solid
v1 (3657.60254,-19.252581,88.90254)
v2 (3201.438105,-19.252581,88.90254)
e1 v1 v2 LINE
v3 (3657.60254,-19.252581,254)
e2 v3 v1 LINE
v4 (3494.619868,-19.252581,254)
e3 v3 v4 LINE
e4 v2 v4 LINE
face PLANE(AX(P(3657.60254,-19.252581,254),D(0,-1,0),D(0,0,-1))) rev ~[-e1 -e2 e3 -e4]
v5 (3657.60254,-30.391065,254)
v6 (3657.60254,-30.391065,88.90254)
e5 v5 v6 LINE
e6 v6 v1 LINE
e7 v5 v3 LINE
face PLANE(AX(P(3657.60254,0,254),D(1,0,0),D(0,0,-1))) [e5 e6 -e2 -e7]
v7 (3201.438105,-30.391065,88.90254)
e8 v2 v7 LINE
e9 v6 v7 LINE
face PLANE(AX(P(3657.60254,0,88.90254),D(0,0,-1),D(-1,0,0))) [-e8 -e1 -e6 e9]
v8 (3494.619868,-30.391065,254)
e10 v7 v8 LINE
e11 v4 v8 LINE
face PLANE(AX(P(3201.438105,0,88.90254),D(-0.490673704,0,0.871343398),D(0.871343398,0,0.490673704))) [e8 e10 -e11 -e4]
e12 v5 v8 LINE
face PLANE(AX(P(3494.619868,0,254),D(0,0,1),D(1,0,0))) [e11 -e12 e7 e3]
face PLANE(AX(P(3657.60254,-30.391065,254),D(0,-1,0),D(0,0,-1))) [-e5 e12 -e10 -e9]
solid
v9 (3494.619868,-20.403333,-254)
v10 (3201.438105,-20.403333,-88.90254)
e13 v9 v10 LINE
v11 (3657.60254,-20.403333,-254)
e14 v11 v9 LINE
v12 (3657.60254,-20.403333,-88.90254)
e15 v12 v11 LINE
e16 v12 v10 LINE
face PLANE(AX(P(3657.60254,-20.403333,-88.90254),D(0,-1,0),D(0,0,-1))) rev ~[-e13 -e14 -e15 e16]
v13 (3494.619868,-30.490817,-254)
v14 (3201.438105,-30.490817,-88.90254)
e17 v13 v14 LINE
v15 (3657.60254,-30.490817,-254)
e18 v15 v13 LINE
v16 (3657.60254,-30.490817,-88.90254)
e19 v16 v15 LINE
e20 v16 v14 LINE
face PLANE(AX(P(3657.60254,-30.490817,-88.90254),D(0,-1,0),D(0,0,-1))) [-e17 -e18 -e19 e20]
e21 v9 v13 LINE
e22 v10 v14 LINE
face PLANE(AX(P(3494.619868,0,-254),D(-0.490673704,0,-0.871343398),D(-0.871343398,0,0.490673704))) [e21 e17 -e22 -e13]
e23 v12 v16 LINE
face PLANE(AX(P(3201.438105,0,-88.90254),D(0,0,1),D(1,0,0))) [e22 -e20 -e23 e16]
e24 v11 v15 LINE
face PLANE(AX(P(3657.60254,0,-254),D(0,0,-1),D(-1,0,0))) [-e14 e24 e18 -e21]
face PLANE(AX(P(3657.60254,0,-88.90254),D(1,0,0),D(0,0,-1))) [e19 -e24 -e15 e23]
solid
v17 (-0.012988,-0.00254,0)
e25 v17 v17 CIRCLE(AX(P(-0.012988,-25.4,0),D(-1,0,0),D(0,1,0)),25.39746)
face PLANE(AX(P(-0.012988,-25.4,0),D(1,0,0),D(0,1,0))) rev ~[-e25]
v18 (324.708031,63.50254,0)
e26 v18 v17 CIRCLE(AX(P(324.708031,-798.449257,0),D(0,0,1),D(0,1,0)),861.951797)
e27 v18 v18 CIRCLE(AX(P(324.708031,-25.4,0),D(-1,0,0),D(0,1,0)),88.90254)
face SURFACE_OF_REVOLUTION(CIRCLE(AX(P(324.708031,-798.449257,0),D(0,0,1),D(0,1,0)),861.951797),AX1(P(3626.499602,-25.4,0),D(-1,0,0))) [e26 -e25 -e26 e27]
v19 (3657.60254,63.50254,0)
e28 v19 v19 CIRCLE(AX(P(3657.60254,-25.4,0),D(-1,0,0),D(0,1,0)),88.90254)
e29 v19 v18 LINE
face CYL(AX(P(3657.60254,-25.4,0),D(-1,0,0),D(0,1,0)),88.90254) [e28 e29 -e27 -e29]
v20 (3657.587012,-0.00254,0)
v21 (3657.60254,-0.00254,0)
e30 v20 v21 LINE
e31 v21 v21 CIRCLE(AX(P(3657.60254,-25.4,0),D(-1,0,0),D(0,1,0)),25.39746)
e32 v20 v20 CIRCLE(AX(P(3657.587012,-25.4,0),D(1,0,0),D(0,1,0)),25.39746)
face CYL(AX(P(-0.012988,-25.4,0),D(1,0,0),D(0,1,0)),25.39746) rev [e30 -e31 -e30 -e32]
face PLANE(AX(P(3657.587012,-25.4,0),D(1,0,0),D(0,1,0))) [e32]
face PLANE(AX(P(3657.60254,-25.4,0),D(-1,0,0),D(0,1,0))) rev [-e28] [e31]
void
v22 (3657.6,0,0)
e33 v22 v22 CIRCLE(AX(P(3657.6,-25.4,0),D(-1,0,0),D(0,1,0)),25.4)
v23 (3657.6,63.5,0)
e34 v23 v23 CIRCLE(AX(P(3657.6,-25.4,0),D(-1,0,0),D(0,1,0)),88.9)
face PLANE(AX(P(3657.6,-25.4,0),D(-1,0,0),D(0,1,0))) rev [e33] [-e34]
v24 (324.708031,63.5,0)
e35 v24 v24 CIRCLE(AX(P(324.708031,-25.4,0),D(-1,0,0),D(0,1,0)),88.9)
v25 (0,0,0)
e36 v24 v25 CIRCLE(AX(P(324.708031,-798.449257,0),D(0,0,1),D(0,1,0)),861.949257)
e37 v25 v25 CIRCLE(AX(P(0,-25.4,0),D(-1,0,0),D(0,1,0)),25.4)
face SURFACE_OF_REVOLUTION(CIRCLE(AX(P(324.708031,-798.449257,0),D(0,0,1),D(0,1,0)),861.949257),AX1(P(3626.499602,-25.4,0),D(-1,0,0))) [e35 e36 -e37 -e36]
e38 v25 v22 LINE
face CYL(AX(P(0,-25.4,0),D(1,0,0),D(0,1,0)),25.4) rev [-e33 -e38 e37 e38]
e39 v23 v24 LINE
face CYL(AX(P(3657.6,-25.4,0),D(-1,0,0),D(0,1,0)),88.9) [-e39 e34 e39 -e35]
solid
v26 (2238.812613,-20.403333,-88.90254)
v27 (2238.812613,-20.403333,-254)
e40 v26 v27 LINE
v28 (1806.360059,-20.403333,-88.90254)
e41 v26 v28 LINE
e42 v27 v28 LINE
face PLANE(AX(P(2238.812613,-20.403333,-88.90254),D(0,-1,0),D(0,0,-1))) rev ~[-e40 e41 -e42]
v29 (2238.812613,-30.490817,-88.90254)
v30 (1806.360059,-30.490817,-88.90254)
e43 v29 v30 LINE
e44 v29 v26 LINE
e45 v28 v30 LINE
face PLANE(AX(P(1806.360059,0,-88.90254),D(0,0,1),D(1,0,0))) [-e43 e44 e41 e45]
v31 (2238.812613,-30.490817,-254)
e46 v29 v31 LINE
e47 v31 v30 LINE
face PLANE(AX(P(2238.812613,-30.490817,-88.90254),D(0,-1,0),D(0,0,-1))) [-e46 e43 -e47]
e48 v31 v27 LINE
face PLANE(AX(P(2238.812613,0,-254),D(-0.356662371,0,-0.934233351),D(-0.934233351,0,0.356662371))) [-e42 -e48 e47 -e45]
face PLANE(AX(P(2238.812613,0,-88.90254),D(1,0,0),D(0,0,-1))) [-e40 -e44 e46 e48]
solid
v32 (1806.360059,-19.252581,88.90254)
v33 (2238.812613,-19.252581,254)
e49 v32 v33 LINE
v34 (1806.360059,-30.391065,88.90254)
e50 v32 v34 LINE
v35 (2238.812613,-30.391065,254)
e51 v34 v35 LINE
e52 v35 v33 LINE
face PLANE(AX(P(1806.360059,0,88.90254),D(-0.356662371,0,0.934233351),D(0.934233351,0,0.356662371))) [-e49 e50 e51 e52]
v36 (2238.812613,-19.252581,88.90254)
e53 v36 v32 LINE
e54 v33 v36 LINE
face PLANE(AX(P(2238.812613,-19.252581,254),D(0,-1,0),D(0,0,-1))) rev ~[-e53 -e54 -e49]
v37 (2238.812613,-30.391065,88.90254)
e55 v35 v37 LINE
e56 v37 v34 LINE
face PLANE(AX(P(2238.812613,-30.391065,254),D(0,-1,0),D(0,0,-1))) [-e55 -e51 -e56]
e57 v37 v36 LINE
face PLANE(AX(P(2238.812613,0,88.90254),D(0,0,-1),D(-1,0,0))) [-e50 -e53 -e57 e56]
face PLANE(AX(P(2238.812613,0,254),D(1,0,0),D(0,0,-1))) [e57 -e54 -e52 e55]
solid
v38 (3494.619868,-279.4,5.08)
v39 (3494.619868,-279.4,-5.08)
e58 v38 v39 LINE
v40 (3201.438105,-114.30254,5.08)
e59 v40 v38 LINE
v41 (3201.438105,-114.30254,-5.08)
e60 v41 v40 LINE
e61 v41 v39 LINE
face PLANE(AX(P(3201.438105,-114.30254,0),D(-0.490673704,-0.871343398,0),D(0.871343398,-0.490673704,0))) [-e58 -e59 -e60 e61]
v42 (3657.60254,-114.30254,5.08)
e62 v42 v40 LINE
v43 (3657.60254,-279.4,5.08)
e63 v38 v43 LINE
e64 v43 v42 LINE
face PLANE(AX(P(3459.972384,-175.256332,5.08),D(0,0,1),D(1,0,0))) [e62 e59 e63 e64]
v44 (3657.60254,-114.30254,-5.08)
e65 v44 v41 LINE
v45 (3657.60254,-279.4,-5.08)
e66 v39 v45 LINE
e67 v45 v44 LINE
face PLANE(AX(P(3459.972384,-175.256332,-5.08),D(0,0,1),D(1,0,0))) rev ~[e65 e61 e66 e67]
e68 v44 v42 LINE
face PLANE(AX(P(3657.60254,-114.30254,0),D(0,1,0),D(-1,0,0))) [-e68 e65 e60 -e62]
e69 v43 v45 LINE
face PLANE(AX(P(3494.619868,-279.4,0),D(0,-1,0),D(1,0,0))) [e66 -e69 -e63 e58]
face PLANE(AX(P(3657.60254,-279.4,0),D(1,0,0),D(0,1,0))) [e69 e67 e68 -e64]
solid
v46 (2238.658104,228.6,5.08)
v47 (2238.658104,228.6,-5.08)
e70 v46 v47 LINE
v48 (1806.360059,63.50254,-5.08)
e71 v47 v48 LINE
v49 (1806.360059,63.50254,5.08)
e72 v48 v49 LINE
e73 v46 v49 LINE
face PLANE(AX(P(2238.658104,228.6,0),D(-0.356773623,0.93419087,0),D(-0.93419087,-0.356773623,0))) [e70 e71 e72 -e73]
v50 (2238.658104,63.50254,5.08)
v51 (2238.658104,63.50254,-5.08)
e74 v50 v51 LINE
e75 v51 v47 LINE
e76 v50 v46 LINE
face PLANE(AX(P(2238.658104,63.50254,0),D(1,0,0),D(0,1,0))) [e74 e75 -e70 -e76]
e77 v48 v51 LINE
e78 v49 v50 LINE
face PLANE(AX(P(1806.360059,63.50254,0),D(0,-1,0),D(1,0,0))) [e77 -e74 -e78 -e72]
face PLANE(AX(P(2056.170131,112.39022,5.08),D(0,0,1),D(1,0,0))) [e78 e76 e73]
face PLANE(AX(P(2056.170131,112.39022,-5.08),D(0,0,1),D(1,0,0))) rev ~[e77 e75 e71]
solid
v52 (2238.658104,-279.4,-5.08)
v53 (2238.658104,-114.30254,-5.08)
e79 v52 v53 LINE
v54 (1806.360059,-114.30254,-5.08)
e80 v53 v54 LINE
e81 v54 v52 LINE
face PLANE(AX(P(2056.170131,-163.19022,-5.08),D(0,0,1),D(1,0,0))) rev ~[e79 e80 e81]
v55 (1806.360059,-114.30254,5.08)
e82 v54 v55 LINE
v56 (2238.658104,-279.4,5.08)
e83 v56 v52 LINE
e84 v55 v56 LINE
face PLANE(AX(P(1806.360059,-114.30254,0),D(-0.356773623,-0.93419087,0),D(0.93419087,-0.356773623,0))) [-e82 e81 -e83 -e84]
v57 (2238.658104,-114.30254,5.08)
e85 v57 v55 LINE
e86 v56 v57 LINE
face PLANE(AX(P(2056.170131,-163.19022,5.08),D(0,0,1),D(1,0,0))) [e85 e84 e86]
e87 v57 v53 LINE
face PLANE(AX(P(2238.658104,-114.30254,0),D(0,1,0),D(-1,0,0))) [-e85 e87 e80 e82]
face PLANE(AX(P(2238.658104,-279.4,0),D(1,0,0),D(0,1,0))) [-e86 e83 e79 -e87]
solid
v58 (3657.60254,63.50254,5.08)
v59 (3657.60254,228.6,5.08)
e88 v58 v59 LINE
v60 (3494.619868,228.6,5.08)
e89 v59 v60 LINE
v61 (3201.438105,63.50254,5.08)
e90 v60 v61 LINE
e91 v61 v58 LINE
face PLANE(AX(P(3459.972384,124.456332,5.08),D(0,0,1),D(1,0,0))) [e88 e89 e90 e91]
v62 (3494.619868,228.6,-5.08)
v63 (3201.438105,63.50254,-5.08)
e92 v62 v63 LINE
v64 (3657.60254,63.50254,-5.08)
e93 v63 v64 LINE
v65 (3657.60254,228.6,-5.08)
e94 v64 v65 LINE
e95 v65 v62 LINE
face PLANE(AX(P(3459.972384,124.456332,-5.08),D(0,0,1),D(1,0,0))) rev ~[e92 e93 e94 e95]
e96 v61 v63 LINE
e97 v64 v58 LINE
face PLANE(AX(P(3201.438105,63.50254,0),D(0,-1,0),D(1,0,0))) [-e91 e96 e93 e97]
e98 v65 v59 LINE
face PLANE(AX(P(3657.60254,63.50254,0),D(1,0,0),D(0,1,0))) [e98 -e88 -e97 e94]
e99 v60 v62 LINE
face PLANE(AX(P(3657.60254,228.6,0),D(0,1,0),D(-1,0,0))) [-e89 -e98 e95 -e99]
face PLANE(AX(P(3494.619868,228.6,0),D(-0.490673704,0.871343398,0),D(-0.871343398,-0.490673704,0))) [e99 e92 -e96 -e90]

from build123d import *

# Parameters (mm, degrees)
BOSS_EXTRUDE2_DEPTH   = 50.8
BOSS_EXTRUDE2_2_DEPTH = 50.8
SKETCH8_W             = 165.09746
SKETCH8_H             = 20.403333325
SKETCH8_H_2           = 20.309182766
CUT_EXTRUDE1_DEPTH    = 762
SKETCH15_OUTSIDE_W    = 1249.4
SKETCH15_OUTSIDE_H    = 919.206
SKETCH15_OUTSIDE_W_2  = 165.09746
SKETCH15_OUTSIDE_H_2  = 11.138484042
CUT_EXTRUDE4_DEPTH    = 762
BOSS_EXTRUDE3_START   = 3657.6
SKETCH19_R            = 25.39746
BOSS_EXTRUDE3_DEPTH   = 3657.6
BOSS_EXTRUDE4_DEPTH   = 5.08
BOSS_EXTRUDE4_2_DEPTH = 5.08
BOSS_EXTRUDE5_DEPTH   = 5.08
BOSS_EXTRUDE5_2_DEPTH = 5.08
BOSS_EXTRUDE6_DEPTH   = 50.8
BOSS_EXTRUDE6_2_DEPTH = 50.8
SKETCH26_OUTSIDE_W    = 1255.5
SKETCH26_OUTSIDE_H    = 1255.5
SKETCH26_OUTSIDE_W_2  = 165.09746
SKETCH26_OUTSIDE_H_2  = 10.087483909
CUT_EXTRUDE7_DEPTH    = 508
SKETCH32_OUTSIDE_W    = 1255.5
SKETCH32_OUTSIDE_H    = 1255.5
SKETCH32_OUTSIDE_W_2  = 165.09746
SKETCH32_OUTSIDE_H_2  = 11.138484042
CUT_EXTRUDE16_DEPTH   = 508


with BuildPart() as part:
    # Sketch1 → Revolve-Thin10 (revolve)
    with BuildSketch(Plane.XY):
        with BuildLine():
            Line((-0.012988062, -0.00254), (3657.60254, -0.00254))
            Line((3657.60254, -0.00254), (3657.60254, 63.50254))
            Line((3657.60254, 63.50254), (324.708031431, 63.50254))
            ThreePointArc((324.708031431, 63.50254), (159.271762972, 47.477300947), (-0.012988062, -0.00254))
        make_face()
        with BuildLine():
            Line((0, 0), (3657.6, 0))
            Line((3657.6, 0), (3657.6, 63.5))
            Line((3657.6, 63.5), (324.708031431, 63.5))
            ThreePointArc((324.708031431, 63.5), (159.27862377, 47.476054557), (0, 0))
        make_face(mode=Mode.SUBTRACT)
    revolve(axis=Axis((3626.499601813, -25.4, 0), (-1, 0, 0)))

    # Sketch19 → Boss-Extrude3 (add)
    with BuildSketch(Plane(origin=(-0.012988062, 0, 0), x_dir=(0, 0, -1), z_dir=(1, 0, 0)).offset(BOSS_EXTRUDE3_START)):
        with Locations(Location((0, -25.4, 0), (0, 0, 90))):
            Circle(SKETCH19_R)
    extrude(amount=-BOSS_EXTRUDE3_DEPTH)


with BuildPart() as body_2:
    # Sketch4 → Boss-Extrude2 (new body)
    with BuildSketch(Plane(origin=(0, 0, 0), x_dir=(1, 0, 0), z_dir=(0, 1, 0))):
        Polygon((3201.438104891, 88.90254), (3657.60254, 88.90254), (3657.60254, 254), (3494.61986844, 254), align=None)
    extrude(amount=-BOSS_EXTRUDE2_DEPTH)

    # Sketch8 → Cut-Extrude1 (cut)
    with BuildSketch(Plane(origin=(3657.60254, 0, 0), x_dir=(0, 0, -1), z_dir=(1, 0, 0))):
        with Locations((171.45127, -10.201666663)):
            Rectangle(SKETCH8_W, SKETCH8_H)
        with Locations((171.45127, -40.645408617)):
            Rectangle(SKETCH8_W, SKETCH8_H_2)
    extrude(amount=-CUT_EXTRUDE1_DEPTH, mode=Mode.SUBTRACT)


with BuildPart() as body_3:
    # Sketch4 → Boss-Extrude2 2 (new body)
    with BuildSketch(Plane(origin=(0, 0, 0), x_dir=(1, 0, 0), z_dir=(0, 1, 0))):
        Polygon((3657.60254, -254), (3657.60254, -88.90254), (3201.438104891, -88.90254), (3494.61986844, -254), align=None)
    extrude(amount=-BOSS_EXTRUDE2_2_DEPTH)

    # Sketch15 outside → Cut-Extrude4 (cut)
    with BuildSketch(Plane(origin=(3657.60254, 0, 0), x_dir=(0, 0, -1), z_dir=(1, 0, 0))):
        with Locations((0, -25.4)):
            Rectangle(SKETCH15_OUTSIDE_W, SKETCH15_OUTSIDE_H)
        with Locations((-171.45127, -24.821822945)):
            Rectangle(SKETCH15_OUTSIDE_W_2, SKETCH15_OUTSIDE_H_2, mode=Mode.SUBTRACT)
    extrude(amount=-CUT_EXTRUDE4_DEPTH, mode=Mode.SUBTRACT)


with BuildPart() as body_4:
    # Sketch20 → Boss-Extrude4 (new, symmetric)
    with BuildSketch(Plane.XY):
        Polygon((3201.438104891, 63.50254), (3657.60254, 63.50254), (3657.60254, 228.6), (3494.61986844, 228.6), align=None)
    extrude(amount=BOSS_EXTRUDE4_DEPTH, both=True)


with BuildPart() as body_5:
    # Sketch20 → Boss-Extrude4 2 (new, symmetric)
    with BuildSketch(Plane.XY):
        Polygon((3657.60254, -279.4), (3657.60254, -114.30254), (3201.438104891, -114.30254), (3494.61986844, -279.4), align=None)
    extrude(amount=BOSS_EXTRUDE4_2_DEPTH, both=True)


with BuildPart() as body_6:
    # Sketch24 → Boss-Extrude5 (new, symmetric)
    with BuildSketch(Plane.XY):
        Polygon((2238.658103721, 228.6), (1806.360058945, 63.50254), (2238.658103721, 63.50254), align=None)
    extrude(amount=BOSS_EXTRUDE5_DEPTH, both=True)


with BuildPart() as body_7:
    # Sketch24 → Boss-Extrude5 2 (new, symmetric)
    with BuildSketch(Plane.XY):
        Polygon((2238.658103721, -114.30254), (1806.360058945, -114.30254), (2238.658103721, -279.4), align=None)
    extrude(amount=BOSS_EXTRUDE5_2_DEPTH, both=True)


with BuildPart() as body_8:
    # Sketch25 → Boss-Extrude6 (new body)
    with BuildSketch(Plane(origin=(0, 0, 0), x_dir=(1, 0, 0), z_dir=(0, 1, 0))):
        Polygon((1806.360058945, 88.90254), (2238.812613306, 88.90254), (2238.812613306, 254), align=None)
    extrude(amount=-BOSS_EXTRUDE6_DEPTH)

    # Sketch26 outside → Cut-Extrude7 (cut)
    with BuildSketch(Plane(origin=(2238.812613306, 0, 0), x_dir=(0, 0, -1), z_dir=(1, 0, 0))):
        with Locations((0, -25.4)):
            Rectangle(SKETCH26_OUTSIDE_W, SKETCH26_OUTSIDE_H)
        with Locations((171.45127, -25.44707528)):
            Rectangle(SKETCH26_OUTSIDE_W_2, SKETCH26_OUTSIDE_H_2, mode=Mode.SUBTRACT)
    extrude(amount=-CUT_EXTRUDE7_DEPTH, mode=Mode.SUBTRACT)


with BuildPart() as body_9:
    # Sketch25 → Boss-Extrude6 2 (new body)
    with BuildSketch(Plane(origin=(0, 0, 0), x_dir=(1, 0, 0), z_dir=(0, 1, 0))):
        Polygon((2238.812613306, -254), (2238.812613306, -88.90254), (1806.360058945, -88.90254), align=None)
    extrude(amount=-BOSS_EXTRUDE6_2_DEPTH)

    # Sketch32 outside → Cut-Extrude16 (cut)
    with BuildSketch(Plane(origin=(2238.812613306, 0, 0), x_dir=(0, 0, -1), z_dir=(1, 0, 0))):
        with Locations((0, -25.4)):
            Rectangle(SKETCH32_OUTSIDE_W, SKETCH32_OUTSIDE_H)
        with Locations((-171.45127, -24.821822945)):
            Rectangle(SKETCH32_OUTSIDE_W_2, SKETCH32_OUTSIDE_H_2, mode=Mode.SUBTRACT)
    extrude(amount=-CUT_EXTRUDE16_DEPTH, mode=Mode.SUBTRACT)


solid = Compound([part.part, body_2.part, body_3.part, body_4.part, body_5.part, body_6.part, body_7.part, body_8.part, body_9.part])
